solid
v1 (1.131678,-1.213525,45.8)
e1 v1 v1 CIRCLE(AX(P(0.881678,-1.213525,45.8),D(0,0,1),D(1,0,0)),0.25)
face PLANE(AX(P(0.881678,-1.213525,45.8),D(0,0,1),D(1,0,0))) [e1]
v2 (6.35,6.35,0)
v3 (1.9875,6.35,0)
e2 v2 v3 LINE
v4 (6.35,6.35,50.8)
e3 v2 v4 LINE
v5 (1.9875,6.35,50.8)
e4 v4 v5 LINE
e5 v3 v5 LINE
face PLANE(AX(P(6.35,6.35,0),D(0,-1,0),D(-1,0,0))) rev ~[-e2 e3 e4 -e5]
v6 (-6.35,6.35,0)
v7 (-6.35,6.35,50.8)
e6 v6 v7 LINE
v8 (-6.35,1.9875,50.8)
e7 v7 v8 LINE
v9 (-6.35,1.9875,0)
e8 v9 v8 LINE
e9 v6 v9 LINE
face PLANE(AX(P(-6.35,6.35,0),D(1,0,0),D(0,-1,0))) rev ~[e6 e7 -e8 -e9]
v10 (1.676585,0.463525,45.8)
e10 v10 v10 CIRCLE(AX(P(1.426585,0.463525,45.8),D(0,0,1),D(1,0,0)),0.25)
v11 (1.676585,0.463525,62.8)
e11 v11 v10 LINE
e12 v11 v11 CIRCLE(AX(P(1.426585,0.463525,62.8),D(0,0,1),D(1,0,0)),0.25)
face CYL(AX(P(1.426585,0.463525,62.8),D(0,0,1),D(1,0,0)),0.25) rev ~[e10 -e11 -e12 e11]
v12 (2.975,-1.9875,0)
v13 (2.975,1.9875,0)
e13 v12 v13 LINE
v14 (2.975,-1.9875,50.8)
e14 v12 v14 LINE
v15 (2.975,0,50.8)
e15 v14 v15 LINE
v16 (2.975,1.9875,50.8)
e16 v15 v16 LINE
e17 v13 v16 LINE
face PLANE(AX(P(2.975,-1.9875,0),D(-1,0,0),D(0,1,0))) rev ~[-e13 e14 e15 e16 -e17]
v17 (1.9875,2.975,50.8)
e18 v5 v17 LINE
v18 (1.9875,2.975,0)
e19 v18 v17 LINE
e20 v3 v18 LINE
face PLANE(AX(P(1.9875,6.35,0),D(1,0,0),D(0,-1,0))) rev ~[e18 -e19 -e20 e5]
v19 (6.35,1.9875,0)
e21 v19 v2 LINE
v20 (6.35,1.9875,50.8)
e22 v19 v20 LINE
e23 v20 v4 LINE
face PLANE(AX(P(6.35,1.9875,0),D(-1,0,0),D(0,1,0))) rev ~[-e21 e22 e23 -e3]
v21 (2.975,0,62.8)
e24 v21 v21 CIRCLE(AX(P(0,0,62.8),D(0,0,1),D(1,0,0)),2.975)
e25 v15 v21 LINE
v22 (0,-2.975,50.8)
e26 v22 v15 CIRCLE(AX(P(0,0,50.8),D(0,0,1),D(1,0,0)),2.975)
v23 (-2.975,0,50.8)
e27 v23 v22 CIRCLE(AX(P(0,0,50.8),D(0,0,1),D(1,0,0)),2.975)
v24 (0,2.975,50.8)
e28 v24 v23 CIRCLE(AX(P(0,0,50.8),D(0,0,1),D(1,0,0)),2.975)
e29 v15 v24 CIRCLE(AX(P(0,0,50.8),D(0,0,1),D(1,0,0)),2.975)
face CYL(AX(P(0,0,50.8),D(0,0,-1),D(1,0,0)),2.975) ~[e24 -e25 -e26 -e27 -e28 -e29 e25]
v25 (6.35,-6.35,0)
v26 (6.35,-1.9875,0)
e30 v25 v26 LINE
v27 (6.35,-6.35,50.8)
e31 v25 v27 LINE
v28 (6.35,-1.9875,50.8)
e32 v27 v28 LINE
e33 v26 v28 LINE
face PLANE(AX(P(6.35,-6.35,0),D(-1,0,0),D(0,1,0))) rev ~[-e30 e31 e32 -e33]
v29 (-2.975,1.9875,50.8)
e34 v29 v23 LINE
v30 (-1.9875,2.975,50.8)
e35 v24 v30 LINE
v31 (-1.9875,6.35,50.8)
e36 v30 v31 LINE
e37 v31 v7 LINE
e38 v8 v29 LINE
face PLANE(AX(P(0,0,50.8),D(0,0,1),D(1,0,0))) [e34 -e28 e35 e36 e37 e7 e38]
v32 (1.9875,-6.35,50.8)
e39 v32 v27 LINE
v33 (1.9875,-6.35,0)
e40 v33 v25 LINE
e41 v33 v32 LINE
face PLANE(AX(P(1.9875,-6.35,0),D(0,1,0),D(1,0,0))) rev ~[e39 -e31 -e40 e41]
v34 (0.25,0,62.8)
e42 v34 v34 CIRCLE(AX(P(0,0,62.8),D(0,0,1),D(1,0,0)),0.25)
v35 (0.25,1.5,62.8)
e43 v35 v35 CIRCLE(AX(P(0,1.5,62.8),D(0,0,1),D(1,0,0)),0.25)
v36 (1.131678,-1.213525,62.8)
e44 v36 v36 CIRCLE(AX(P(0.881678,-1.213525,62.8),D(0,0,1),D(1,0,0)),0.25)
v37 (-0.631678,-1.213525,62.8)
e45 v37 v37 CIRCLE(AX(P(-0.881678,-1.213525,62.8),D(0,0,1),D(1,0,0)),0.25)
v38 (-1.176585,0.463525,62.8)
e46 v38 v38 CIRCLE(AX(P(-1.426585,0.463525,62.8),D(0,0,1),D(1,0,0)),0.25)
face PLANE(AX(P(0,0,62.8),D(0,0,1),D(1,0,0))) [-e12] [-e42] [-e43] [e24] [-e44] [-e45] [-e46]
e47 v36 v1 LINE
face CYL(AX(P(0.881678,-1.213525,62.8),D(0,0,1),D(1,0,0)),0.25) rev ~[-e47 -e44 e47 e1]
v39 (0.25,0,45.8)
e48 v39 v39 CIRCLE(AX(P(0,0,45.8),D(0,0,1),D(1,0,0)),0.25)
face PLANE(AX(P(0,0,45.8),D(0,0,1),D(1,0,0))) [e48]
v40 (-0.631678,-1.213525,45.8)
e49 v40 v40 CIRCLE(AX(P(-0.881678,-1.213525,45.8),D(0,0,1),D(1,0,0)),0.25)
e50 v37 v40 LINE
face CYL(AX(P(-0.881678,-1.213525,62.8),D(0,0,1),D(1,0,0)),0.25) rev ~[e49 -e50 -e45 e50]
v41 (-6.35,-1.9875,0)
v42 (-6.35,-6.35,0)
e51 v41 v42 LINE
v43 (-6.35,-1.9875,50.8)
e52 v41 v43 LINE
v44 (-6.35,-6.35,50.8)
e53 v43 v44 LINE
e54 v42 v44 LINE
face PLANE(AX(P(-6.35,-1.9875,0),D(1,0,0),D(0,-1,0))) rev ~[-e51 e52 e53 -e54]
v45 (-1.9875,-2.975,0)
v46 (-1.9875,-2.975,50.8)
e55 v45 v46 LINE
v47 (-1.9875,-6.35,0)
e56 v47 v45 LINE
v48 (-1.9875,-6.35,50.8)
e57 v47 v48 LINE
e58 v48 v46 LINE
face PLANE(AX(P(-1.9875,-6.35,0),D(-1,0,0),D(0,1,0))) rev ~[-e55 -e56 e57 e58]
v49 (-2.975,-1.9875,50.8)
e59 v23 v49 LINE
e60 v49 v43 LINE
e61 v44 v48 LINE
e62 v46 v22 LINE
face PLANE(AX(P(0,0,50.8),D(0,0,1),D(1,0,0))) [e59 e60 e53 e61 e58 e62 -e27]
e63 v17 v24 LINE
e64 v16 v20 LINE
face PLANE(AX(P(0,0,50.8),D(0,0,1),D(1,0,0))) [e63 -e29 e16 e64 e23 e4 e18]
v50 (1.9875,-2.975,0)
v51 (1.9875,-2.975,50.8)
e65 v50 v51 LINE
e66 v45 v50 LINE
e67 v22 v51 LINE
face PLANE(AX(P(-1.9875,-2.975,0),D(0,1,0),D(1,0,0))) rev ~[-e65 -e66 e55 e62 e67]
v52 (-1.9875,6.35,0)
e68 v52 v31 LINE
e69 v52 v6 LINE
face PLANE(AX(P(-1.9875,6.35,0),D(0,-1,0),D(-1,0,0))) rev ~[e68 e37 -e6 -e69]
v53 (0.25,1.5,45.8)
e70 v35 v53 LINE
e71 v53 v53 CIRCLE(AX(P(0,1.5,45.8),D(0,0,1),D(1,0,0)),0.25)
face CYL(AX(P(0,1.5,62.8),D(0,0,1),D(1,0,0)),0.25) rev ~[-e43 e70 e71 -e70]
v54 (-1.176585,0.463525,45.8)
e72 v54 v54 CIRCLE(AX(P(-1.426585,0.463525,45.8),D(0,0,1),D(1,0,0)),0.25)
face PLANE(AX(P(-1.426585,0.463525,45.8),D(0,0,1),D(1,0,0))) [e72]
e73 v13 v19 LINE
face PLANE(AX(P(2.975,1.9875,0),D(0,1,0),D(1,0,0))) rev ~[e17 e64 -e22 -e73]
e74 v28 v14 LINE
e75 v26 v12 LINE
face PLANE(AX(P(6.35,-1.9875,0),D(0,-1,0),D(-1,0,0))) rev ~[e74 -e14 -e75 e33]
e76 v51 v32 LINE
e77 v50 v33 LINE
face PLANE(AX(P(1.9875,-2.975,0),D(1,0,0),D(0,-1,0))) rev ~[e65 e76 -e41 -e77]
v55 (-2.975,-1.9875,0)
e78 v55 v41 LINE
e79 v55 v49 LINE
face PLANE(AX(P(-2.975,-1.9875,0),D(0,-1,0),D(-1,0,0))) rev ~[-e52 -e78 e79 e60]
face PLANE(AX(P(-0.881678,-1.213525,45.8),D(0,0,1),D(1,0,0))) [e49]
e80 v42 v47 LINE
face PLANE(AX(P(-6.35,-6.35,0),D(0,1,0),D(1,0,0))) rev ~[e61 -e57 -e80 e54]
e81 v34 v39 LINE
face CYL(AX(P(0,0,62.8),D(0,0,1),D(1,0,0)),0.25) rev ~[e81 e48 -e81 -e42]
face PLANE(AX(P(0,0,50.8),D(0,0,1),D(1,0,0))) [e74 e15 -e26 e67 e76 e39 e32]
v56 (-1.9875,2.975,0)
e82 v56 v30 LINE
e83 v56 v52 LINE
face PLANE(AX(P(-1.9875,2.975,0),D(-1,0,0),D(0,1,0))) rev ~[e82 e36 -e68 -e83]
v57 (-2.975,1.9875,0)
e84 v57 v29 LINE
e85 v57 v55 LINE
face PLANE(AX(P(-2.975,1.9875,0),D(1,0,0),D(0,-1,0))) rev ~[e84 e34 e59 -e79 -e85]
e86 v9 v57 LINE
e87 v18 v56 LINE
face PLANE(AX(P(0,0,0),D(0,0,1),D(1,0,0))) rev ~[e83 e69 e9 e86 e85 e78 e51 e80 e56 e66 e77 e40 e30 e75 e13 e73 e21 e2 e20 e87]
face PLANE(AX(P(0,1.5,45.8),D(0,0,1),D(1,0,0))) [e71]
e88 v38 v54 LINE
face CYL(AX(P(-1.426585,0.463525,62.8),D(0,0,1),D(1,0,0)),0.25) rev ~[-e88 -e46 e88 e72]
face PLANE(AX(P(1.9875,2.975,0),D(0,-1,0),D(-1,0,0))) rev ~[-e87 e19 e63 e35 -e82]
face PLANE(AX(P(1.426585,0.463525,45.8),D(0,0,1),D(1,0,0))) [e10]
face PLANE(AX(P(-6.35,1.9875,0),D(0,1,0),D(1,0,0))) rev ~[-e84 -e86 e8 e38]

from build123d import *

# Parameters (mm, degrees)
F1_DEPTH = 50.8
F2_R     = 2.975
F3_DEPTH = 12
F4_R     = 0.25
F5_DEPTH = 17


with BuildPart() as f1:
    # F0 (on Top) → F1 (new body)
    with BuildSketch(Plane.XY):
        Polygon((-1.9875, 6.35), (-6.35, 6.35), (-6.35, 1.9875), (-2.975, 1.9875), (-2.975, -1.9875), (-6.35, -1.9875), (-6.35, -6.35), (-1.9875, -6.35), (-1.9875, -2.975), (1.9875, -2.975), (1.9875, -6.35), (6.35, -6.35), (6.35, -1.9875), (2.975, -1.9875), (2.975, 1.9875), (6.35, 1.9875), (6.35, 6.35), (1.9875, 6.35), (1.9875, 2.975), (-1.9875, 2.975), align=None)
    extrude(amount=F1_DEPTH)

    # F2 (on face) → F3 (join)
    with BuildSketch(Plane.XY.offset(50.8)):
        Circle(F2_R)
    extrude(amount=F3_DEPTH)

    # F4 (on face) → F5 (cut)
    with BuildSketch(Plane.XY.offset(62.8)):
        with Locations((0, 1.5)):
            Circle(F4_R)
        with Locations((-1.426585, 0.463525)):
            Circle(F4_R)
        with Locations((-0.881678, -1.213525)):
            Circle(F4_R)
        with Locations((0.881678, -1.213525)):
            Circle(F4_R)
        Circle(F4_R)
        with Locations((1.426585, 0.463525)):
            Circle(F4_R)
    extrude(amount=-F5_DEPTH, mode=Mode.SUBTRACT)


solid = f1.part
